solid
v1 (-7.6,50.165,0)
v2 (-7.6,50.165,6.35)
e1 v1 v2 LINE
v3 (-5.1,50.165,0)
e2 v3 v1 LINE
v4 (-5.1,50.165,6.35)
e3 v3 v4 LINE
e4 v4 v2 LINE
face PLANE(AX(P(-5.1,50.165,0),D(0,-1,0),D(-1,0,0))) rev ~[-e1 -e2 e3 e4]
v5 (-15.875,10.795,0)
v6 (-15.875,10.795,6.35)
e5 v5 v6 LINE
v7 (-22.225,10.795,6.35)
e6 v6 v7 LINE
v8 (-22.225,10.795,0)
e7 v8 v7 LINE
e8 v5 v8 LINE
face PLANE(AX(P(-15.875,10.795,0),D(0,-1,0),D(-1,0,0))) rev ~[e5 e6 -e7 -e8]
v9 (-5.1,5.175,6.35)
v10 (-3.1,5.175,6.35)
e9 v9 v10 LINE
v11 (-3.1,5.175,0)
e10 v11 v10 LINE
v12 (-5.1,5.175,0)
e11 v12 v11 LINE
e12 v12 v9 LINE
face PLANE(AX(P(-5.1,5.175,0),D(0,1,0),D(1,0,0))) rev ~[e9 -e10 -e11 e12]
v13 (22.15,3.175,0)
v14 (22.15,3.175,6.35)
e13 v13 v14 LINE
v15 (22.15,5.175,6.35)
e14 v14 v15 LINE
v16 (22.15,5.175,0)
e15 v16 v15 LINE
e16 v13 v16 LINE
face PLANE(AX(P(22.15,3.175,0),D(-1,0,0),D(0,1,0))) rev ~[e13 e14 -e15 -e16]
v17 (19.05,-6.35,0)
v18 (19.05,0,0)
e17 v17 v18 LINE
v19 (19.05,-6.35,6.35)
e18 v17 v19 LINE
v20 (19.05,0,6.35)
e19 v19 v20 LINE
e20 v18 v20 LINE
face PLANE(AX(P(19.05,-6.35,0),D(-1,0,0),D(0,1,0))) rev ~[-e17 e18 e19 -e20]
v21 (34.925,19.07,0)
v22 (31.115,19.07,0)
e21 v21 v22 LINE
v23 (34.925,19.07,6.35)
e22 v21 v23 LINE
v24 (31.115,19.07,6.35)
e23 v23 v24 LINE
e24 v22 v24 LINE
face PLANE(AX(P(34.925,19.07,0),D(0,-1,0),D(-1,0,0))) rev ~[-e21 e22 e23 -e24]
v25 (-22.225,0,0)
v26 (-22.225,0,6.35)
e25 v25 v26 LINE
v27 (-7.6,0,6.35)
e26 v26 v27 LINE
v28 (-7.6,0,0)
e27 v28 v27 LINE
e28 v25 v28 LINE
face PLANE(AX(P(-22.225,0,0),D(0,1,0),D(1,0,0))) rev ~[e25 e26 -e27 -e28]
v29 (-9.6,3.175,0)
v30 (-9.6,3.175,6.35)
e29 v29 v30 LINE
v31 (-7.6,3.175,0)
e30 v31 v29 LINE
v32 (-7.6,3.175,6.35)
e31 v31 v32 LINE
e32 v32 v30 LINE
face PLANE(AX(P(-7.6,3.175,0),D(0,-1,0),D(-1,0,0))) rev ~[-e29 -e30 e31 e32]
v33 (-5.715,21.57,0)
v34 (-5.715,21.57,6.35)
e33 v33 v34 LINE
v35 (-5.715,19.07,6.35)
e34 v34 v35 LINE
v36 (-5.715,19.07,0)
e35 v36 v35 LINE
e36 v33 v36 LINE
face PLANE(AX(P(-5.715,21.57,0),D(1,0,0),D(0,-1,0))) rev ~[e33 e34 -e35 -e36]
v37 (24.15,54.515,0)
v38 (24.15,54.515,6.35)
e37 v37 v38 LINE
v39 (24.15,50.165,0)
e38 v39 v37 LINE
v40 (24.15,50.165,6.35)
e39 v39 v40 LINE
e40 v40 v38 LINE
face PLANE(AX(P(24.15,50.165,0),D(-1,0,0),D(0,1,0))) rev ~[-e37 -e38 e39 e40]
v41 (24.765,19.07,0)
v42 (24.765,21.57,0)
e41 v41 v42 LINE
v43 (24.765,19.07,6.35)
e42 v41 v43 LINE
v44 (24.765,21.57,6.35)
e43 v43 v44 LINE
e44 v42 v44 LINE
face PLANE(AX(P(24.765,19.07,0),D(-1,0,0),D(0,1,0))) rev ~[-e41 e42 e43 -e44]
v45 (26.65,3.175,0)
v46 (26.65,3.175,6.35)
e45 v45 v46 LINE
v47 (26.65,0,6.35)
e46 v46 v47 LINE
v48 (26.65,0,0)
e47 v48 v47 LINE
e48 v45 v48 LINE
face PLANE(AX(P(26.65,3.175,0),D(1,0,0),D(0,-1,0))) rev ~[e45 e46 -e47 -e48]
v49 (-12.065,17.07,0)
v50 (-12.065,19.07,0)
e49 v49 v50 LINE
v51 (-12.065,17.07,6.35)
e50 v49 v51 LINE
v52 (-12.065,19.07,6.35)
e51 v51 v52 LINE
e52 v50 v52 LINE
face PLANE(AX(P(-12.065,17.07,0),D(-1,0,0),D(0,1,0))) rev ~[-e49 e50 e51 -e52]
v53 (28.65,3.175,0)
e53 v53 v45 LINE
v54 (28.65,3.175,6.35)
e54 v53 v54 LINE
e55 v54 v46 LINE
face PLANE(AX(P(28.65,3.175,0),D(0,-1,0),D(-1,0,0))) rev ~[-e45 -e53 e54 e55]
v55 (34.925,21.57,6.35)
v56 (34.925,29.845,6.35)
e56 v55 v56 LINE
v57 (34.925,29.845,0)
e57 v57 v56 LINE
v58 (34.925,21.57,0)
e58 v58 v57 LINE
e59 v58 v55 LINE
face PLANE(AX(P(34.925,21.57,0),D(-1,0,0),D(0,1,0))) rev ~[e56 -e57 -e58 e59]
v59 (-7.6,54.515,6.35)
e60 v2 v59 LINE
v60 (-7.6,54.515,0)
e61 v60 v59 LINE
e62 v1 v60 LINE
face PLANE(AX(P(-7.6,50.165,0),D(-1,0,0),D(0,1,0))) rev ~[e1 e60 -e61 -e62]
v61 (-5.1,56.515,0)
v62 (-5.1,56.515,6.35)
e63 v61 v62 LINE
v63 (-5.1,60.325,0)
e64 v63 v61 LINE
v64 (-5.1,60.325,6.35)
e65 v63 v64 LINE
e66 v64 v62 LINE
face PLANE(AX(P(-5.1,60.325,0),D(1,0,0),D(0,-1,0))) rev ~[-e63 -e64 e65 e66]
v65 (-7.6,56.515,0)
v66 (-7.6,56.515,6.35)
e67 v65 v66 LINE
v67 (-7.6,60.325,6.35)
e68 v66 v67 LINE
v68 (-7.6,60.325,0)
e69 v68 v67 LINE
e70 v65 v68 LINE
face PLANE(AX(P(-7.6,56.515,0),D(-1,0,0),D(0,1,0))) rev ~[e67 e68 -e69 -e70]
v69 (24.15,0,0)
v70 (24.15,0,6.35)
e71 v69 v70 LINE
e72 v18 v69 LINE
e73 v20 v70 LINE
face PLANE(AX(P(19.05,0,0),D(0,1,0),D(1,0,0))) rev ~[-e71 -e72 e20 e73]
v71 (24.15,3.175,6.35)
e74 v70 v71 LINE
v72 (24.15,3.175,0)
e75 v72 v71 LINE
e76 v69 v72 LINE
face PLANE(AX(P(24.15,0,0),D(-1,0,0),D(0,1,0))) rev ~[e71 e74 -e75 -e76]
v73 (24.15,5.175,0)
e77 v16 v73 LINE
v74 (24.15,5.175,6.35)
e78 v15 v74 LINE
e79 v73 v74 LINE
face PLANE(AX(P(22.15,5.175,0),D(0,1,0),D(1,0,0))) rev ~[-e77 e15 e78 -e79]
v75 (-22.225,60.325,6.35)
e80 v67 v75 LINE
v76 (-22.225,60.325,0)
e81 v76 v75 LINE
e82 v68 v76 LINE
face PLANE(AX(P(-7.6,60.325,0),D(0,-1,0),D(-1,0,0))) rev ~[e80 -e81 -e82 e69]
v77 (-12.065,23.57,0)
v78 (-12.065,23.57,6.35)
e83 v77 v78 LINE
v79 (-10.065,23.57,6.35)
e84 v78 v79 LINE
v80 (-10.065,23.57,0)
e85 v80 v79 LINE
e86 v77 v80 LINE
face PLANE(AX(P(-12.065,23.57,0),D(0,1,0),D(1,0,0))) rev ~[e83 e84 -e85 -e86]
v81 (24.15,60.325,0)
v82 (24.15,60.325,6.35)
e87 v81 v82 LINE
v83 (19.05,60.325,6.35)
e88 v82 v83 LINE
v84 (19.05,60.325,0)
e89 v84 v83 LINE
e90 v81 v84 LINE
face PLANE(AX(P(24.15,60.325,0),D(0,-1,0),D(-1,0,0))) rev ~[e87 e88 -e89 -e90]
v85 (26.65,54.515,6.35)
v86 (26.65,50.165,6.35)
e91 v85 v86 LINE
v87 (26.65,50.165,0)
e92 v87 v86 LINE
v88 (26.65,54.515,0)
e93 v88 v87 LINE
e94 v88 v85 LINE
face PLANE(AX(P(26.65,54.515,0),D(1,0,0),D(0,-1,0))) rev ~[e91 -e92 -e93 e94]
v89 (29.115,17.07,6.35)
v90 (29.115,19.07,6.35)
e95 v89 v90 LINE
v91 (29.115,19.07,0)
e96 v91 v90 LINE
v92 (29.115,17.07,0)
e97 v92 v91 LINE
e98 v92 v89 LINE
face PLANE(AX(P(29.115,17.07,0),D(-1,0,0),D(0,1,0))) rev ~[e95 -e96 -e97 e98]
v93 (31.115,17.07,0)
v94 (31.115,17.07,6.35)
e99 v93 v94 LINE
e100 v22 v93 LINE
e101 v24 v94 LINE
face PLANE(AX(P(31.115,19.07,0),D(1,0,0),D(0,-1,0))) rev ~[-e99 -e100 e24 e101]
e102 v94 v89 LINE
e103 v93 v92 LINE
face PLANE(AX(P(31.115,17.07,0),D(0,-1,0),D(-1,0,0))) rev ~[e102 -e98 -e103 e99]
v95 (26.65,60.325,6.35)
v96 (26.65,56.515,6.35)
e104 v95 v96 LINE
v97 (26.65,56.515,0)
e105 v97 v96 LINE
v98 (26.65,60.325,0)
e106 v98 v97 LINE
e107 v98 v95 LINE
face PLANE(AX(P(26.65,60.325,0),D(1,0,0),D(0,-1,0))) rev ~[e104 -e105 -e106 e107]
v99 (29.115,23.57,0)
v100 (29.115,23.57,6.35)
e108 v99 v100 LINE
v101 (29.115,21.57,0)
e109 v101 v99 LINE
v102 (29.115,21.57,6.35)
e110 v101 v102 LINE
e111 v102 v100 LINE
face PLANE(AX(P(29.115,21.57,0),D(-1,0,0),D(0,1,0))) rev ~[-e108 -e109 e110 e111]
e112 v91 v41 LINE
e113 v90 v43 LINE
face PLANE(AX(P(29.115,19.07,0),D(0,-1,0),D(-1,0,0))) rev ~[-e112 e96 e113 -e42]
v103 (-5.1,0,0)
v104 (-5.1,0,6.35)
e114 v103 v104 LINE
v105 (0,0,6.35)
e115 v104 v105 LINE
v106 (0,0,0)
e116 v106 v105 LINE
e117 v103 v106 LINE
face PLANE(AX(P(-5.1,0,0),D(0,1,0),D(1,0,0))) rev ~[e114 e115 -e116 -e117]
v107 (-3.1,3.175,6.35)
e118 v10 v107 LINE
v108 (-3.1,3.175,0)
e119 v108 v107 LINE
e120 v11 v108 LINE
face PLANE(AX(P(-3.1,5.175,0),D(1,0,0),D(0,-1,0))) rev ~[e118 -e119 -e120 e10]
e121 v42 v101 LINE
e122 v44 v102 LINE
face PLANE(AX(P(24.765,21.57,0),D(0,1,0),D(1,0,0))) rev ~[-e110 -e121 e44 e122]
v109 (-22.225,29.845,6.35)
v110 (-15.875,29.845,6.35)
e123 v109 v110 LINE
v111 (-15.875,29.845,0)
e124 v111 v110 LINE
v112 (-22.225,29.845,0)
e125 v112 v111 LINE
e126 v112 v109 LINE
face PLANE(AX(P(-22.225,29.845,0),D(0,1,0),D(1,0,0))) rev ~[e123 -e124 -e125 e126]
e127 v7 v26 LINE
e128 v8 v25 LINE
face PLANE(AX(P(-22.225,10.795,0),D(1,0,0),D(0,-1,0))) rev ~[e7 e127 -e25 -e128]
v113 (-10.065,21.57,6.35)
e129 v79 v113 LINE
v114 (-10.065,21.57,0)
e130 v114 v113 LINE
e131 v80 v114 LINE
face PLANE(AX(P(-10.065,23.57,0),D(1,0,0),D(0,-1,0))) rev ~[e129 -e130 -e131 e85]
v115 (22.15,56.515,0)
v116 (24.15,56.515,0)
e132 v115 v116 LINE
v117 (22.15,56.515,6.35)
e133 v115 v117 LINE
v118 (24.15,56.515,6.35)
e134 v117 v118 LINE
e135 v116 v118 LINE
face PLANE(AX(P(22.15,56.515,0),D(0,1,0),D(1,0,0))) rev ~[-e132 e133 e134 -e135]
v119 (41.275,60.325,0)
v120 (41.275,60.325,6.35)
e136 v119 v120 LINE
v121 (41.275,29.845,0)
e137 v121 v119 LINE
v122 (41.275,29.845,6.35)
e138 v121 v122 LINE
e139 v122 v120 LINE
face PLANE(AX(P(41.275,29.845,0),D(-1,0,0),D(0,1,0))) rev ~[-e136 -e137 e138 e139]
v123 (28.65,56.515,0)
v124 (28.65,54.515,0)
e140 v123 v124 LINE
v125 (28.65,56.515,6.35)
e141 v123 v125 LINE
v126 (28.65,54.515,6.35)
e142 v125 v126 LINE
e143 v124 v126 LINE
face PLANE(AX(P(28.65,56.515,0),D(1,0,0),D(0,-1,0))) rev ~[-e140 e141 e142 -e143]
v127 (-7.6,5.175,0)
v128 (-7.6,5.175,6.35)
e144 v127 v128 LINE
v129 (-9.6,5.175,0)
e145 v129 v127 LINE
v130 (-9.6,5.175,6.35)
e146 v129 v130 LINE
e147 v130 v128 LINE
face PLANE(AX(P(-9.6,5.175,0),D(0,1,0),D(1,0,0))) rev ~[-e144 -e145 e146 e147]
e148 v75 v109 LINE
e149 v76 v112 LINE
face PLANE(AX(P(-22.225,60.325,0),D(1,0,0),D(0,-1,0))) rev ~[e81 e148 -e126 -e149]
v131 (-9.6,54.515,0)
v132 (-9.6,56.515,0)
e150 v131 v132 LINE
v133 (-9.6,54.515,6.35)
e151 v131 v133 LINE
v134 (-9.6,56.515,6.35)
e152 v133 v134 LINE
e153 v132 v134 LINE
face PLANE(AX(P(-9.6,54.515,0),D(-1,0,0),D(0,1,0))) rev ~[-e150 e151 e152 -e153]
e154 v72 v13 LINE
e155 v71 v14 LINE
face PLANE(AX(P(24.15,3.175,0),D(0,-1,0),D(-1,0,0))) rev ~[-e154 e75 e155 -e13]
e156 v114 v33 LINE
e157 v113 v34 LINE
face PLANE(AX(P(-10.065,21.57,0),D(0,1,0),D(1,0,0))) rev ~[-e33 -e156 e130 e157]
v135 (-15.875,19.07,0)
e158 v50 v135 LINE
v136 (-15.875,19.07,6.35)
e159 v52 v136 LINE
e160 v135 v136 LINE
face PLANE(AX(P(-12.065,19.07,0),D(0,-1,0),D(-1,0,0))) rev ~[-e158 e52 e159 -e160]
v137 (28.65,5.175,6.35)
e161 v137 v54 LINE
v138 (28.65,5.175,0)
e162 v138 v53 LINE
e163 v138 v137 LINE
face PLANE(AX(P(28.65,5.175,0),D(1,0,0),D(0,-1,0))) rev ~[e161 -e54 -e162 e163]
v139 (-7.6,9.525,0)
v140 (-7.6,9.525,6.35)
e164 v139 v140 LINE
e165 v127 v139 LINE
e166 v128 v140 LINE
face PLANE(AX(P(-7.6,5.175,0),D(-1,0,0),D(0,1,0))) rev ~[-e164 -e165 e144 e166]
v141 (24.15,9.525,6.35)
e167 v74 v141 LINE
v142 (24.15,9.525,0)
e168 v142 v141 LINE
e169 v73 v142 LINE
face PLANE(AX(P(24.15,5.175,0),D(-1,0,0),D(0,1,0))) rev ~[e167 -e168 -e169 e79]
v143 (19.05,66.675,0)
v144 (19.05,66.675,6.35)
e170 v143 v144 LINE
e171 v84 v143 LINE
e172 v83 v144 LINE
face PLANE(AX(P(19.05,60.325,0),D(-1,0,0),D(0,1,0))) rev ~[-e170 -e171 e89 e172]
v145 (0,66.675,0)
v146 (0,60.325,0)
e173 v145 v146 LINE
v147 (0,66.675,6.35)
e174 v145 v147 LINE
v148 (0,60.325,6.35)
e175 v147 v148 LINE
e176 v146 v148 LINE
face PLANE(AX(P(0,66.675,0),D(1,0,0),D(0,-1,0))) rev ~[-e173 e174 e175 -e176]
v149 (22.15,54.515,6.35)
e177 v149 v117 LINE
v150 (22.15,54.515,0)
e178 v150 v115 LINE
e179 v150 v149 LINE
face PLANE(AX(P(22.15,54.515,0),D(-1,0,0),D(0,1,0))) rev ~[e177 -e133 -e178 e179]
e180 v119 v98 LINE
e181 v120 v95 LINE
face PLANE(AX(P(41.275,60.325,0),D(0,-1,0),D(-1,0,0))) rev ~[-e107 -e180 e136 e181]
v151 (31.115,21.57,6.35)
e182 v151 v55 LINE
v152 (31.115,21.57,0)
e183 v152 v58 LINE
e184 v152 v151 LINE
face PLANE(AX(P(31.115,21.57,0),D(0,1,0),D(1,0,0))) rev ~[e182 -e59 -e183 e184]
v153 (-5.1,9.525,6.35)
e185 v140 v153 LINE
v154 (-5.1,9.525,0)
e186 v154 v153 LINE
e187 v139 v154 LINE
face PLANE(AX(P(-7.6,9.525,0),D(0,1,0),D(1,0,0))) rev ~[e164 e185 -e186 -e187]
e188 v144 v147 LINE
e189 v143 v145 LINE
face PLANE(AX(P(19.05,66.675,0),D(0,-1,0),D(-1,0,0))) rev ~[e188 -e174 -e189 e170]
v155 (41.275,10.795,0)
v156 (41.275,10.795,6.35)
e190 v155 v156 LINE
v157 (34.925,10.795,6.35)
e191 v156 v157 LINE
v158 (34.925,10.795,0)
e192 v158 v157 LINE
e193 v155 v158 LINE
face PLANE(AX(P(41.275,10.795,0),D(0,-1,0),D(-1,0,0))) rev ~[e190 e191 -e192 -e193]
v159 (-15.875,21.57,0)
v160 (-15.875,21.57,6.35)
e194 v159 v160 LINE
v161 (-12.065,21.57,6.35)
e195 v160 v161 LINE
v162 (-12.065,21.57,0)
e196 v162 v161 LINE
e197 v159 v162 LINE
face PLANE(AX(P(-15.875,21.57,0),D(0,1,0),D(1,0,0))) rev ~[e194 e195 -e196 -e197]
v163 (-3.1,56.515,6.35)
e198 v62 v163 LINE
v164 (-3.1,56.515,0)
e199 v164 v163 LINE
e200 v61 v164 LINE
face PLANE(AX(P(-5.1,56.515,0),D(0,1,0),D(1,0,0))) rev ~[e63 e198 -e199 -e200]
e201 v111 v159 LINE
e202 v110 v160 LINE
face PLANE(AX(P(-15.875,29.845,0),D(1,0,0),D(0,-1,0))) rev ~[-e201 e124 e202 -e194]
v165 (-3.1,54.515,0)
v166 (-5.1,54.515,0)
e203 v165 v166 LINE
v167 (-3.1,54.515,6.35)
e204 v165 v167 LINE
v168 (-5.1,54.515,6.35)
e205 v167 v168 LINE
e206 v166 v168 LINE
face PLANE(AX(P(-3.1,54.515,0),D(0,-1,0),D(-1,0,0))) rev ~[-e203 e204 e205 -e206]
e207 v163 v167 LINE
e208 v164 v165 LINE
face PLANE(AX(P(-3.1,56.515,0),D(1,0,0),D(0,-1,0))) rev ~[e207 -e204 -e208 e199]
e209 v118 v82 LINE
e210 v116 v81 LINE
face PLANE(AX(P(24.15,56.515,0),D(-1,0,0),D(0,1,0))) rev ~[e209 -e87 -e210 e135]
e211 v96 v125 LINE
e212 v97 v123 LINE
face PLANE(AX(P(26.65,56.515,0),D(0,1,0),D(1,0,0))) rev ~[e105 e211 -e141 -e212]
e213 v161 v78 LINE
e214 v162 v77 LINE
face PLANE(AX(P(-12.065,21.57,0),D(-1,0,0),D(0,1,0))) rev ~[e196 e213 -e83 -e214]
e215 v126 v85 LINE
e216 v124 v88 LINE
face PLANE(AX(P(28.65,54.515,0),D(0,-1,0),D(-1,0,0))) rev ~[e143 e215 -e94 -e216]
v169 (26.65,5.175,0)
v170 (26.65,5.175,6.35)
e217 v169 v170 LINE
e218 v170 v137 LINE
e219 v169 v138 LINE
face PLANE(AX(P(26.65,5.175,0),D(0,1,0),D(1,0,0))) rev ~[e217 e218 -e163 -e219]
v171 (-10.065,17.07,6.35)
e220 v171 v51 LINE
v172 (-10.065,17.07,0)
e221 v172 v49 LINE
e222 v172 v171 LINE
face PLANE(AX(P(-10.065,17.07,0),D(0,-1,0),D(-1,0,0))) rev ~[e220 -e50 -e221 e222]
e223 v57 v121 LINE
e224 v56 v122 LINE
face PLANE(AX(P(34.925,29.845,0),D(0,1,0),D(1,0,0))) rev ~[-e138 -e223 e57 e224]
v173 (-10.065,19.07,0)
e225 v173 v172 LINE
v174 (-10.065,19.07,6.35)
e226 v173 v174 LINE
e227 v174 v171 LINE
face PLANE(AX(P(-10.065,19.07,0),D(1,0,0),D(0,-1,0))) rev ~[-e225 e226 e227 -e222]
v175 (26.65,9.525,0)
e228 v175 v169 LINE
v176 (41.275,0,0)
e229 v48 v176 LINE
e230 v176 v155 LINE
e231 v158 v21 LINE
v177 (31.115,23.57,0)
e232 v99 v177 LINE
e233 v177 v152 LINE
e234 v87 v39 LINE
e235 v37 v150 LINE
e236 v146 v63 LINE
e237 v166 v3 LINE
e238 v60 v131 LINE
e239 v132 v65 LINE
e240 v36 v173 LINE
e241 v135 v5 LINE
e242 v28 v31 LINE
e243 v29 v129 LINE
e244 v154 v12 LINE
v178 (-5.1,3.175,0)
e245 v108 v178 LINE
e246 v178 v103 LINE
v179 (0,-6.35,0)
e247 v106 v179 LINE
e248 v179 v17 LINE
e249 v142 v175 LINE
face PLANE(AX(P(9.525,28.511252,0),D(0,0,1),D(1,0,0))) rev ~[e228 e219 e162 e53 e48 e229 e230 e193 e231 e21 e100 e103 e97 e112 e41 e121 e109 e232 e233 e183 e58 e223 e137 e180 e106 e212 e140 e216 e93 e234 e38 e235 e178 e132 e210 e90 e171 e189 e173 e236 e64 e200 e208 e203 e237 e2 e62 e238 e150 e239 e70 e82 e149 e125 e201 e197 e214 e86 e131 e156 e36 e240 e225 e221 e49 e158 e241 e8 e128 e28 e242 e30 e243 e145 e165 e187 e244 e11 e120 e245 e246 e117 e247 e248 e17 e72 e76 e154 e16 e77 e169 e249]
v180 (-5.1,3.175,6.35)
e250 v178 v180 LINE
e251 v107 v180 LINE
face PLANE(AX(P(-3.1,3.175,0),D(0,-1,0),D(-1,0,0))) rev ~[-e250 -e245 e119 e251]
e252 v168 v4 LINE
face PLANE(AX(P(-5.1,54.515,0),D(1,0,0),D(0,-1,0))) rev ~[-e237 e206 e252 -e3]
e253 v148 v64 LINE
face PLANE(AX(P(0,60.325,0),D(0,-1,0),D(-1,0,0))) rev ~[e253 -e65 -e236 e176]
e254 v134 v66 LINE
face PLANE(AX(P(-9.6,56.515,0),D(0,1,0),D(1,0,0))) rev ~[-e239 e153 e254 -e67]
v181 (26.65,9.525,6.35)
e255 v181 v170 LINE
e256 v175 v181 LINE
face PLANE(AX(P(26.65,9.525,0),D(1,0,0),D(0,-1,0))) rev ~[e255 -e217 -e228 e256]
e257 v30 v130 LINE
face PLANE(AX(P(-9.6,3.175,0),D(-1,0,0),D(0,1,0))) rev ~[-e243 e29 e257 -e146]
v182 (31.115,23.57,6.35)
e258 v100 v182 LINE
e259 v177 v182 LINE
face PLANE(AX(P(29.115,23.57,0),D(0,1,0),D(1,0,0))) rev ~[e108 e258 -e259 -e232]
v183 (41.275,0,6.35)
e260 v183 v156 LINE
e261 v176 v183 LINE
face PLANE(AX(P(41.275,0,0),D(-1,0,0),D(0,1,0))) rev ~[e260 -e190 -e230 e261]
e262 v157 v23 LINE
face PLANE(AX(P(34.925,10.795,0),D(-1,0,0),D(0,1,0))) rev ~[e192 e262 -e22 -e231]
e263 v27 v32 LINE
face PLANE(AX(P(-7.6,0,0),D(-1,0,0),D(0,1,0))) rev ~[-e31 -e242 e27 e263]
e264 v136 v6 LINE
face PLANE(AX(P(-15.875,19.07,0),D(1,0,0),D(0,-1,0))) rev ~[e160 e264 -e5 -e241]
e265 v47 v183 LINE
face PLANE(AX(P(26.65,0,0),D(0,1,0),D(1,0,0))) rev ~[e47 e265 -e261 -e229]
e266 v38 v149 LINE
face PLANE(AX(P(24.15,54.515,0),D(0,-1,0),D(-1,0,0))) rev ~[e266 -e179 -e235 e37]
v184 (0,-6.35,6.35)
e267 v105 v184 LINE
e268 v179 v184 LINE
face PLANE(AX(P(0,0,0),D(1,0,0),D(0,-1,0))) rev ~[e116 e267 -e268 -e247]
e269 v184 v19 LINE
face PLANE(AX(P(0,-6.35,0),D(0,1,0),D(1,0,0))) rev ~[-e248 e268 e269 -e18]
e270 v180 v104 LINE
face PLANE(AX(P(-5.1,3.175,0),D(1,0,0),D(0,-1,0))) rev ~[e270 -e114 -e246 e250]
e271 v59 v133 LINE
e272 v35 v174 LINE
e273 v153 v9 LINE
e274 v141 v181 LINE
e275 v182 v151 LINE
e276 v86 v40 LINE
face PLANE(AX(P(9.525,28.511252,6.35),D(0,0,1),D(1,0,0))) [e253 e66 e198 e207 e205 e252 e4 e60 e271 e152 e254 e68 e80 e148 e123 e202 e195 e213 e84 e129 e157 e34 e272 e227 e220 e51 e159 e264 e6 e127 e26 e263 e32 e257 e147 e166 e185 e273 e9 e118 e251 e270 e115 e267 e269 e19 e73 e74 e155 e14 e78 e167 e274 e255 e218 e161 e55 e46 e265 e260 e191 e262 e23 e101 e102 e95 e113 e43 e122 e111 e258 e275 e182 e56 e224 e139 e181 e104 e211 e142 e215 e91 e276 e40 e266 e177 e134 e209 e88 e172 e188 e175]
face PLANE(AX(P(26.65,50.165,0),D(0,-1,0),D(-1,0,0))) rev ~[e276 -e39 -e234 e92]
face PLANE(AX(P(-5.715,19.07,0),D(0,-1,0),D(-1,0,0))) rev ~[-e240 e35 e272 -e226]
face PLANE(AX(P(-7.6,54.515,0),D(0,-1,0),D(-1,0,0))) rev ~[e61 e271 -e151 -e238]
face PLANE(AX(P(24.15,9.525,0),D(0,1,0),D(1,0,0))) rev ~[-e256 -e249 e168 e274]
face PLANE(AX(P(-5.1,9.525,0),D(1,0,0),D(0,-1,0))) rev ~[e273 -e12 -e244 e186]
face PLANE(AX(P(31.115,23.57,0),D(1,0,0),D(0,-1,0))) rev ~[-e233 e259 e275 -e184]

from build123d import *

# Parameters (mm, degrees)
BOSS_EXTRUDE1_DEPTH = 6.35


with BuildPart() as part:
    # Sketch1 → Boss-Extrude1 (new body)
    with BuildSketch(Plane.XY):
        Polygon((0, -6.35), (19.05, -6.35), (19.05, 0), (24.15, 0), (24.15, 3.175), (22.15, 3.175), (22.15, 5.175), (24.15, 5.175), (24.15, 9.525), (26.65, 9.525), (26.65, 5.175), (28.65, 5.175), (28.65, 3.175), (26.65, 3.175), (26.65, 0), (34.925, 0), (41.275, 0), (41.275, 10.795), (34.925, 10.795), (34.925, 19.07), (31.115, 19.07), (31.115, 17.07), (29.115, 17.07), (29.115, 19.07), (24.765, 19.07), (24.765, 21.57), (29.115, 21.57), (29.115, 23.57), (31.115, 23.57), (31.115, 21.57), (34.925, 21.57), (34.925, 29.845), (41.275, 29.845), (41.275, 60.325), (34.925, 60.325), (26.65, 60.325), (26.65, 56.515), (28.65, 56.515), (28.65, 54.515), (26.65, 54.515), (26.65, 50.165), (24.15, 50.165), (24.15, 54.515), (22.15, 54.515), (22.15, 56.515), (24.15, 56.515), (24.15, 60.325), (19.05, 60.325), (19.05, 66.675), (0, 66.675), (0, 60.325), (-5.1, 60.325), (-5.1, 56.515), (-3.1, 56.515), (-3.1, 54.515), (-5.1, 54.515), (-5.1, 50.165), (-7.6, 50.165), (-7.6, 54.515), (-9.6, 54.515), (-9.6, 56.515), (-7.6, 56.515), (-7.6, 60.325), (-15.875, 60.325), (-22.225, 60.325), (-22.225, 29.845), (-15.875, 29.845), (-15.875, 21.57), (-12.065, 21.57), (-12.065, 23.57), (-10.065, 23.57), (-10.065, 21.57), (-5.715, 21.57), (-5.715, 19.07), (-10.065, 19.07), (-10.065, 17.07), (-12.065, 17.07), (-12.065, 19.07), (-15.875, 19.07), (-15.875, 10.795), (-22.225, 10.795), (-22.225, 0), (-15.875, 0), (-7.6, 0), (-7.6, 3.175), (-9.6, 3.175), (-9.6, 5.175), (-7.6, 5.175), (-7.6, 9.525), (-5.1, 9.525), (-5.1, 5.175), (-3.1, 5.175), (-3.1, 3.175), (-5.1, 3.175), (-5.1, 0), (0, 0), align=None)
    extrude(amount=BOSS_EXTRUDE1_DEPTH)


solid = part.part
